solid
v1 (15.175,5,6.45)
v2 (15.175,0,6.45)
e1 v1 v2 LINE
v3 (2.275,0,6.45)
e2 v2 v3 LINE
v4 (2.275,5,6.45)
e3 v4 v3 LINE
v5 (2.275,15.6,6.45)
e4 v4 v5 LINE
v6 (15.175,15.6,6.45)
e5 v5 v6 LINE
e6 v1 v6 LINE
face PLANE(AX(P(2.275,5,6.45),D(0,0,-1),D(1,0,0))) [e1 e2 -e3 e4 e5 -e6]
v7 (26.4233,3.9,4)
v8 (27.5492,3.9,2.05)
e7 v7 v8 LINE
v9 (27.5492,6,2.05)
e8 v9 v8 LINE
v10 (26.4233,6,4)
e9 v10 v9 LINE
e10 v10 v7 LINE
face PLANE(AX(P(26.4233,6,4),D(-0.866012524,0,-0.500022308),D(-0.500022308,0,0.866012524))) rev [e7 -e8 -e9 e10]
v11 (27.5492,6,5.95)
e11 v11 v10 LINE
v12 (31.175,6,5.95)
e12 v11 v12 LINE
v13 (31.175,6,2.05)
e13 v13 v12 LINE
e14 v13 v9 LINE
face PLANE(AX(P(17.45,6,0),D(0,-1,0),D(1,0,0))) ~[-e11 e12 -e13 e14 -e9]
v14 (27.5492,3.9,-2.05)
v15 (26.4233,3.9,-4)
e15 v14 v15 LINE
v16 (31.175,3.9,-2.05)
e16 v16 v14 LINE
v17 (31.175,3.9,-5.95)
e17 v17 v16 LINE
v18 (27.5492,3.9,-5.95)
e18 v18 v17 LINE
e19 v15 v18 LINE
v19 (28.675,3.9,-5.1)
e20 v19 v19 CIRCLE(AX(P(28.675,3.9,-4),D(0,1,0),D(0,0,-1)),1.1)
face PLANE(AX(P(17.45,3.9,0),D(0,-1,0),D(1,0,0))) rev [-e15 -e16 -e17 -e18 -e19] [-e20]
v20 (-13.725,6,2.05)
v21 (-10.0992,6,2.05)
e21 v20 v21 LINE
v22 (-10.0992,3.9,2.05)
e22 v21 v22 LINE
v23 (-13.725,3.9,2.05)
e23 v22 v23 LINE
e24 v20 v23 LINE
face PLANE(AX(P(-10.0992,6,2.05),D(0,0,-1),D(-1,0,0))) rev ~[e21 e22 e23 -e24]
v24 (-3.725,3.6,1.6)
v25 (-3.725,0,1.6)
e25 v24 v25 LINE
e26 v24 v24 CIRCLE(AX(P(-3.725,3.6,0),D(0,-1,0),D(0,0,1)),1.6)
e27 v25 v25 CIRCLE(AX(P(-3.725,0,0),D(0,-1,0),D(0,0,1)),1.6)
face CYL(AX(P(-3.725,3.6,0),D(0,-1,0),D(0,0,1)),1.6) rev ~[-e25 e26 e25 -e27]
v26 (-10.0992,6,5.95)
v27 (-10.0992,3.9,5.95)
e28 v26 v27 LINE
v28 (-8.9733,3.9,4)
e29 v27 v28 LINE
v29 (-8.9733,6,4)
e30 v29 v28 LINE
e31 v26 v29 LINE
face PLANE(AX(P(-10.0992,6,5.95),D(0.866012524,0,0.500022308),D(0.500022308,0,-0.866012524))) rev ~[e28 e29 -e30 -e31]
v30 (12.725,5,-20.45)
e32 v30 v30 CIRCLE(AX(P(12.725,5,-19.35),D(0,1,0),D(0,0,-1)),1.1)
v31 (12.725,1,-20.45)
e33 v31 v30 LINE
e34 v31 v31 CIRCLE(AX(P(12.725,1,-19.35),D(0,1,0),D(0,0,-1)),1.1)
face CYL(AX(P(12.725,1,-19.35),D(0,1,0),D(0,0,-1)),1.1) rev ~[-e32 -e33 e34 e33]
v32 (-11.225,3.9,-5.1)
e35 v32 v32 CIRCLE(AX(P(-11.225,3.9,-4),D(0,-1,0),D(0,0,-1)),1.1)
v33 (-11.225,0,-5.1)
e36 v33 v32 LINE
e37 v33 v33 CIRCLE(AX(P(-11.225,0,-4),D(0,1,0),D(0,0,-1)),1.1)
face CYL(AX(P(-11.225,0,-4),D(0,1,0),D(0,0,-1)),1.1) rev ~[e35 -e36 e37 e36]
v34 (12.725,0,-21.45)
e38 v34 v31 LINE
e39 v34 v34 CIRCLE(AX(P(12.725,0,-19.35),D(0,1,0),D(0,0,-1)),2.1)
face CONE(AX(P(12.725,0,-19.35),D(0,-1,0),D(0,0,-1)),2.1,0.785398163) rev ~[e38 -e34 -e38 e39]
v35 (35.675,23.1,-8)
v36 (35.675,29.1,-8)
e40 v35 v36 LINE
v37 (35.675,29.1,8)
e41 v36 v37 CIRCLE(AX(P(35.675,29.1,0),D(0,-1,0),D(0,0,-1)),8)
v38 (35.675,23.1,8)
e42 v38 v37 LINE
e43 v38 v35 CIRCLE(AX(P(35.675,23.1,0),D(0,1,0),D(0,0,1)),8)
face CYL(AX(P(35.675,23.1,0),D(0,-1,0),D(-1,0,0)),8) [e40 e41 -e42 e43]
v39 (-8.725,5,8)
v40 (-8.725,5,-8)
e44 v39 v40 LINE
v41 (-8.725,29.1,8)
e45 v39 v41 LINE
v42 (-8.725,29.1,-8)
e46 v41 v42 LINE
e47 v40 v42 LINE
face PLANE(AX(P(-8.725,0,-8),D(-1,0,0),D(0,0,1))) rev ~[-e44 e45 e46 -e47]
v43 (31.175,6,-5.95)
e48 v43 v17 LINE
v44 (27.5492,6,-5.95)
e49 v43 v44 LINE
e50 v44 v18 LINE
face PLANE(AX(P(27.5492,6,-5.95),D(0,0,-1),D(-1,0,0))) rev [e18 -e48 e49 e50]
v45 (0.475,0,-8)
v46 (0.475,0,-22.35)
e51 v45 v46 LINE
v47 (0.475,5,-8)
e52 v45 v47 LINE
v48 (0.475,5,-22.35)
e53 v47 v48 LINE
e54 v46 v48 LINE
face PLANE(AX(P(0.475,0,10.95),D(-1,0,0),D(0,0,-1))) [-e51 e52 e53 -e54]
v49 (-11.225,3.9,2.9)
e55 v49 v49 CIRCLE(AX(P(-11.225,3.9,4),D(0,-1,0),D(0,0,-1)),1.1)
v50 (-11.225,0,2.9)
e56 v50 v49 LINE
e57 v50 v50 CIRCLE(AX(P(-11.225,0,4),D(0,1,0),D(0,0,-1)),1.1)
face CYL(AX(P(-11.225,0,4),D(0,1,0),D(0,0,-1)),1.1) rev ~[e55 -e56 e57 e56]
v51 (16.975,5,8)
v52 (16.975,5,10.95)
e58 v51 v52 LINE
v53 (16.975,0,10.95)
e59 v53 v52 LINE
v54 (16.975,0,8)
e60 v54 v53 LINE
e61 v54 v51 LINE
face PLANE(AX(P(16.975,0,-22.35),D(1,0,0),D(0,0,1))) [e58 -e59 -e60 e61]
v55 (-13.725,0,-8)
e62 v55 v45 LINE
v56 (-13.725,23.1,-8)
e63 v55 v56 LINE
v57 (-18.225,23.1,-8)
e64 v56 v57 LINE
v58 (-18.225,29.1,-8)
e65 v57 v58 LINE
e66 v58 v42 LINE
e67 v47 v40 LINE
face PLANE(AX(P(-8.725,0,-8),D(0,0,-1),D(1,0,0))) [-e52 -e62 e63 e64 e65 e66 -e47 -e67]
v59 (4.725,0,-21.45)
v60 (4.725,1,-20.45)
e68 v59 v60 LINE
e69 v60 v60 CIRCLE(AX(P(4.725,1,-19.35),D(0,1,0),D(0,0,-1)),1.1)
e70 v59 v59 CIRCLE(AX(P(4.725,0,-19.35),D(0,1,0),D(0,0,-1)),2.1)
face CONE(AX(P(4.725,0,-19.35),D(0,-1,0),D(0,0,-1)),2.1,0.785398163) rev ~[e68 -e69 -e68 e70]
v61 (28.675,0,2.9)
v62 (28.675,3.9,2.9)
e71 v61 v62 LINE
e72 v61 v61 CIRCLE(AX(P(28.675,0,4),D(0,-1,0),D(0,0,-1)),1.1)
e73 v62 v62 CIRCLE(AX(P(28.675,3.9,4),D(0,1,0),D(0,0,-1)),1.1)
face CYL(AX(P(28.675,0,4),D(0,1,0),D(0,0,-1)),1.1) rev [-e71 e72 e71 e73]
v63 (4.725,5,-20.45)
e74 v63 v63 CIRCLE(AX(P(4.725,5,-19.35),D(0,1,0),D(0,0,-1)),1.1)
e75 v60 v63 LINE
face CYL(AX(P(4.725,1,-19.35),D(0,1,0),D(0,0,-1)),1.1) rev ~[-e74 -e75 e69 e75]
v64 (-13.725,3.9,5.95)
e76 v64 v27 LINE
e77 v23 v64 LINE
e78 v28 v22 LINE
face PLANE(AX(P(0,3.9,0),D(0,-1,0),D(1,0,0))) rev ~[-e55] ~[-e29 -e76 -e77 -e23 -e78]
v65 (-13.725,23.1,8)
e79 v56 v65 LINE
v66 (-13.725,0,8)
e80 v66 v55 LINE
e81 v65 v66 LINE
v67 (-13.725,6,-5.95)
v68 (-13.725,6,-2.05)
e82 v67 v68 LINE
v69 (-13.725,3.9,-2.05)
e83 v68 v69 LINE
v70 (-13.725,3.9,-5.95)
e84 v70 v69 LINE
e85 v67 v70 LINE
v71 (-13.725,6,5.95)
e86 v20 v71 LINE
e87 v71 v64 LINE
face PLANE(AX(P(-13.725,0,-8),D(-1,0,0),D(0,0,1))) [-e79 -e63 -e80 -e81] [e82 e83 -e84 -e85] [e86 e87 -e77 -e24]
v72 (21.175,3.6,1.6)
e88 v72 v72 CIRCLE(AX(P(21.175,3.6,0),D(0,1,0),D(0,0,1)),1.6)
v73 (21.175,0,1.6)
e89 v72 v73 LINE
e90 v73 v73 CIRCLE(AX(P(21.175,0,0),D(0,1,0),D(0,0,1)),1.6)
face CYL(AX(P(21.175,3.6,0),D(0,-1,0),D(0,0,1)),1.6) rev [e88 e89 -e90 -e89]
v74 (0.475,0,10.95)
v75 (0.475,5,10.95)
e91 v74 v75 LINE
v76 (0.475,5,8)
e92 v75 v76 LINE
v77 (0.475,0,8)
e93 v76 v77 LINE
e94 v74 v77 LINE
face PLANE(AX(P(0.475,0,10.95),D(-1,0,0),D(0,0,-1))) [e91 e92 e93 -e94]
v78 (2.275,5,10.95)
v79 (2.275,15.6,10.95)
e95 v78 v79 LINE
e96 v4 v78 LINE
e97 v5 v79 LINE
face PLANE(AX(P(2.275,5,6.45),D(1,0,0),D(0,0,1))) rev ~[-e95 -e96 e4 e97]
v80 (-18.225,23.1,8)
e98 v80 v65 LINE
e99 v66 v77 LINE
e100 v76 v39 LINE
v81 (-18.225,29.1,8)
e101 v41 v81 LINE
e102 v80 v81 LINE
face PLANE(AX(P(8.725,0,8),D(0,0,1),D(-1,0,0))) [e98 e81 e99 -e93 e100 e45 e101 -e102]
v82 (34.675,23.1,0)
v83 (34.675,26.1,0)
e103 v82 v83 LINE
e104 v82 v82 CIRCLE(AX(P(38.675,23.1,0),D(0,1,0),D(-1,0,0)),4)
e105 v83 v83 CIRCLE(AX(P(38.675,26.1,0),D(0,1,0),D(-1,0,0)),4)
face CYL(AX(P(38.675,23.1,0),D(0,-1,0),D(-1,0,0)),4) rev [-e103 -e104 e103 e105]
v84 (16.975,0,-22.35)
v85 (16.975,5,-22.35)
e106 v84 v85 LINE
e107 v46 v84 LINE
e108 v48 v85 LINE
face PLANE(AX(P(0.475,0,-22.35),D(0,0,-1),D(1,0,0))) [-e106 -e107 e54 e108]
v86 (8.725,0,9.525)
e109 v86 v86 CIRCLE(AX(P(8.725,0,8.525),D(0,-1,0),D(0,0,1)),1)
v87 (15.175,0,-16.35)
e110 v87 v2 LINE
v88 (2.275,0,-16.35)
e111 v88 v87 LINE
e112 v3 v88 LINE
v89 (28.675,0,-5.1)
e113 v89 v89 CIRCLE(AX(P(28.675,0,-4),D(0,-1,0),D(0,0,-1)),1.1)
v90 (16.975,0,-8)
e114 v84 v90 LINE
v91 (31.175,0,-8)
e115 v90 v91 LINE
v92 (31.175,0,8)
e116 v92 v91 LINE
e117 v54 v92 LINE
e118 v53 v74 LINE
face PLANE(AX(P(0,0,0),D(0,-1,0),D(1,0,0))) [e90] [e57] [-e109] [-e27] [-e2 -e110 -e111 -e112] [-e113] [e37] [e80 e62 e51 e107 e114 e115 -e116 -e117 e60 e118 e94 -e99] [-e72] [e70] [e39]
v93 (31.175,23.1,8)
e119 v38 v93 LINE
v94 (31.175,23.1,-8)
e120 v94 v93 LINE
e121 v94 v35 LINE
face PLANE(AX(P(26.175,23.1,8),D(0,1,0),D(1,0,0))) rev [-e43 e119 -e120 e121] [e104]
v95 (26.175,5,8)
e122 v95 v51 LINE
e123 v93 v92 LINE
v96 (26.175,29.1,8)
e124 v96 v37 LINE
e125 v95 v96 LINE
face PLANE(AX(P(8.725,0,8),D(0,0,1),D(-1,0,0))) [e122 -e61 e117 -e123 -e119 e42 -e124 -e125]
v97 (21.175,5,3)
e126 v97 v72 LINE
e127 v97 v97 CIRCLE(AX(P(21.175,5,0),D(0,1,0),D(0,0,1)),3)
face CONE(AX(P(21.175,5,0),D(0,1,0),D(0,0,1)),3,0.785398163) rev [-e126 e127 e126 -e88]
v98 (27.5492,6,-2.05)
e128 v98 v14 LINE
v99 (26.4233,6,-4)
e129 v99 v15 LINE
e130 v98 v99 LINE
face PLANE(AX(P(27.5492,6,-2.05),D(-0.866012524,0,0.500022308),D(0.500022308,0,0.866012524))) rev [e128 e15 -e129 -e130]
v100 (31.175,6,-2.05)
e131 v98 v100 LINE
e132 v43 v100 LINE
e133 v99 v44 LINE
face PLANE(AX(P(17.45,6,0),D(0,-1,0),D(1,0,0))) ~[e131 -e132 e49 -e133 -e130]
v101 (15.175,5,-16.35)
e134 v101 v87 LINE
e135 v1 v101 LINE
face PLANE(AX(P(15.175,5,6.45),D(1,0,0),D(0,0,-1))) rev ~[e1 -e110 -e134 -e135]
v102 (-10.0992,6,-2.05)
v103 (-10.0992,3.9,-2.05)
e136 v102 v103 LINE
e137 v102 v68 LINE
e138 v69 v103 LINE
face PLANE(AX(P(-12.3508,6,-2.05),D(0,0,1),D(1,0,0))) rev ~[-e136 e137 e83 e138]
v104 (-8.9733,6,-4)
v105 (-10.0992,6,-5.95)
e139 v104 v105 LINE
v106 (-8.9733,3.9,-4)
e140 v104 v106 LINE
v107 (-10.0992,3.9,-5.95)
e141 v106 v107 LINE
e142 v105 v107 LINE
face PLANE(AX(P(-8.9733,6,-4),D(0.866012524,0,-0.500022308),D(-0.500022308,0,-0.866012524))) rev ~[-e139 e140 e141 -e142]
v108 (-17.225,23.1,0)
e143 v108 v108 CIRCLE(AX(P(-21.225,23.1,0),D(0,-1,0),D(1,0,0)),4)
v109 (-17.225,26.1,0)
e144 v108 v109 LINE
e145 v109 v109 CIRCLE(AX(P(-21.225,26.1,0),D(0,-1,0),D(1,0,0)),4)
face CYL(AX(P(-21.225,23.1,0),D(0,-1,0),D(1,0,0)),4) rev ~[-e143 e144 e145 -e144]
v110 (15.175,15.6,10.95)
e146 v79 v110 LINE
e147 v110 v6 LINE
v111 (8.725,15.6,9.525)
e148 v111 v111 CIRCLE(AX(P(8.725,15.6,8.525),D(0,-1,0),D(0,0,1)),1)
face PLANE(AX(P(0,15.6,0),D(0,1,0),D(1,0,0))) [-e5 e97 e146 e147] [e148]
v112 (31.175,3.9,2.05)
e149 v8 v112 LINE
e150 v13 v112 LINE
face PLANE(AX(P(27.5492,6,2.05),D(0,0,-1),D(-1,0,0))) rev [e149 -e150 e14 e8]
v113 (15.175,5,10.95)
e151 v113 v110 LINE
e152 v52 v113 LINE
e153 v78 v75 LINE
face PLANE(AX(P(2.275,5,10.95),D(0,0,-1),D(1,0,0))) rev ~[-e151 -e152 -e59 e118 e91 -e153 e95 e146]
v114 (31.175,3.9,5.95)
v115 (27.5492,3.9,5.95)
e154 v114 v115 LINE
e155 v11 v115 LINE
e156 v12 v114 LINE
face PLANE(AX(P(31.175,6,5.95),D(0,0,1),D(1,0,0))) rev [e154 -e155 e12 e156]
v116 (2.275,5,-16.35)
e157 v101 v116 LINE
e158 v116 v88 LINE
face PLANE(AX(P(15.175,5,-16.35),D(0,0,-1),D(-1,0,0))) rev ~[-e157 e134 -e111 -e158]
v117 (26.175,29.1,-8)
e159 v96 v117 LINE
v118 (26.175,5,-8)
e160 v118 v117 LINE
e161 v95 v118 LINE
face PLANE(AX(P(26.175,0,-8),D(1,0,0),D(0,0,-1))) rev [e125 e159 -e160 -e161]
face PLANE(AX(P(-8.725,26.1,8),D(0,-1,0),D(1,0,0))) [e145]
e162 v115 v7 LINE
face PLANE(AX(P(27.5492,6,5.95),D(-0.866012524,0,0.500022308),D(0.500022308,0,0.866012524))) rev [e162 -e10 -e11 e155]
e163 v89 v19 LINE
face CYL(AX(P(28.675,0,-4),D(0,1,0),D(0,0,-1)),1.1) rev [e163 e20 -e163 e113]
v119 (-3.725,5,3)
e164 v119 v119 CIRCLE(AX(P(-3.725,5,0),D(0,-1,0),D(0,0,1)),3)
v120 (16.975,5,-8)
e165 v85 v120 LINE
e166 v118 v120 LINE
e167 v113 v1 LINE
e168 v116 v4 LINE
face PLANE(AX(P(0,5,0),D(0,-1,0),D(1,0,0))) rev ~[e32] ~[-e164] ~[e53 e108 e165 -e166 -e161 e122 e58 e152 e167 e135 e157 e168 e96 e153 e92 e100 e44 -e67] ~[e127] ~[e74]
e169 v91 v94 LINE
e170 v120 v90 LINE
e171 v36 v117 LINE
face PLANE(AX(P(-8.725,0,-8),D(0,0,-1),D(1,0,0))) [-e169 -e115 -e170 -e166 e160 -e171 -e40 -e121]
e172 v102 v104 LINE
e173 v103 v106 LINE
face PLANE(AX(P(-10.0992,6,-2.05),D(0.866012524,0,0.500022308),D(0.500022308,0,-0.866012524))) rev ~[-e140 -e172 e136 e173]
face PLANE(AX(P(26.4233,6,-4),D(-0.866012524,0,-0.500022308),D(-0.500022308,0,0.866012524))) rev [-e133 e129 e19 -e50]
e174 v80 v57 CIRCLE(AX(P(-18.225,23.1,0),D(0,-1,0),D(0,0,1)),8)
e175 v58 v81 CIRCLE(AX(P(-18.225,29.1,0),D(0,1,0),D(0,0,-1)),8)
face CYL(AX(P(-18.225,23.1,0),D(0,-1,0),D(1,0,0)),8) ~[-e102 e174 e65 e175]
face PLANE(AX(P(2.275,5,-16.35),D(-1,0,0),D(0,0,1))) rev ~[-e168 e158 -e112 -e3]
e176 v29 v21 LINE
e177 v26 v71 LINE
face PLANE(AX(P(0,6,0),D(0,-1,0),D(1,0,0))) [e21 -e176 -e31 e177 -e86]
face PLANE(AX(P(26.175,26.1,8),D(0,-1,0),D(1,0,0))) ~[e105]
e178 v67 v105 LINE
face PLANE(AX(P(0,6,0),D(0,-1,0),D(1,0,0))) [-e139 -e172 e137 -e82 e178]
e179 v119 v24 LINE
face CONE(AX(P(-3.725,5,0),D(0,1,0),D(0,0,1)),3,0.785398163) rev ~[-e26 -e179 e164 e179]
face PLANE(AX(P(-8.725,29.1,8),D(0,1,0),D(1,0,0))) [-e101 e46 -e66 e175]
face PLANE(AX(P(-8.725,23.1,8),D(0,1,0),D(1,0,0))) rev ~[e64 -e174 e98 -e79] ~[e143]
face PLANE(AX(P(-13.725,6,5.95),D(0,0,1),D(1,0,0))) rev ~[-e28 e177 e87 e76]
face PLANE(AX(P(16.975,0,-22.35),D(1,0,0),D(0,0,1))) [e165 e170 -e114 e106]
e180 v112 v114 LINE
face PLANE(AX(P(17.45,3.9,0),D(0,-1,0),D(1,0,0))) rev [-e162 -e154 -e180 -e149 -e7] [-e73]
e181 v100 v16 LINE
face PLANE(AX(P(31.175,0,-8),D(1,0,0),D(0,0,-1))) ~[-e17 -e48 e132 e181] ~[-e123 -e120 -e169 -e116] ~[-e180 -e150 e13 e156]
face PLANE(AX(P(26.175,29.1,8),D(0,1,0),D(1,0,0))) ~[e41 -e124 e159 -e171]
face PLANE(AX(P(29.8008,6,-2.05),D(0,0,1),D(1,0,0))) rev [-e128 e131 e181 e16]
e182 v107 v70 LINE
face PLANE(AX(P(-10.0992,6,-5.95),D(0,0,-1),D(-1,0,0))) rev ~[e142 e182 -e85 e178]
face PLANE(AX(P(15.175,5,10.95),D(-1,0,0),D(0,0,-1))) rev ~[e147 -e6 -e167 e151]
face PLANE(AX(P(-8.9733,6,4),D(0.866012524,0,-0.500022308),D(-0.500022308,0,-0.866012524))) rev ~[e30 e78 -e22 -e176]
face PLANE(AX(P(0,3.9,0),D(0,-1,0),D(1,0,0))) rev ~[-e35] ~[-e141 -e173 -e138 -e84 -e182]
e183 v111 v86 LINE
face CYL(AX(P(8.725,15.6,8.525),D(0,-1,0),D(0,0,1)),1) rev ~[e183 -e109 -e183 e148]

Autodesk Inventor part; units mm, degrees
ref_plane "YZ Plane" through (0, 0, 0) normal (1, 0, 0) x (0, 1, 0)
ref_plane "XZ Plane" through (0, 0, 0) normal (0, 1, 0) x (-1, 0, 0)
ref_plane "XY Plane" through (0, 0, 0) normal (0, 0, 1) x (1, 0, 0)
sketch "Эскиз1" plane through (0, 0, 0) normal (0, 1, 0) x (-1, 0, 0)
  line L0 (-8.725, 8) -> (8.725, 8)
  line L1 (8.725, 8) -> (8.725, -8)
  line L2 (8.725, -8) -> (-8.725, -8)
  line L3 (-8.725, -8) -> (-8.725, 8)
  line L4 (-8.725, 8) -> (8.725, -8) construction
  line L5 (8.725, 8) -> (-8.725, -8) construction
  point P0 (0, 0)
  dimension "d0" = 17.45
  dimension "d1" = 16
extrude "Выдавливание1" add sketch "Эскиз1" along normal blind 5
sketch "Эскиз2" plane through (-8.725, 0, -8) normal (-1, 0, 0) x (0, 0, 1)
  line L0 (0, 23.1) -> (16, 23.1)
  line L1 (16, 23.1) -> (16, 0)
  line L2 (16, 0) -> (0, 0)
  line L3 (0, 0) -> (0, 23.1)
  line L4 (16, 0) -> (16, 5) projected
  line L5 (0, 0) -> (0, 5) projected
  line L6 (0, 0) -> (16, 0) projected
  line L7 (0, 5) -> (16, 5) projected
  point P0 (8, 0)
  dimension "d5" = 18.1
extrude "Выдавливание2" add sketch "Эскиз2" along normal blind 5
sketch "Эскиз3" plane through (-8.725, 23.1, 8) normal (0, 1, 0) x (1, 0, 0)
  line L0 (0, 16) -> (-17.5, 16)
  line L1 (-17.5, 16) -> (-17.5, 0)
  line L2 (-17.5, 0) -> (0, 0)
  line L3 (0, 0) -> (0, 16)
  line L4 (0, 0) -> (-5, 0) projected
  circle A0 centre (-9.5, 8) radius 8
  line L5 (-5, 0) -> (-5, 16) projected
  point P0 (-9.5, 16)
  point P1 (-9.5, 0)
  point P2 (-5, 8)
  dimension "d49" = 4.5
extrude "Выдавливание3" add sketch "Эскиз3" along normal blind 6 contours L3 L2 L5 A0 L0 | L5 A0 L0 | A0 L5 | A0 L5 | L2 A0 L5
sketch "Эскиз7" plane through (0, 0, 0) normal (0, -1, 0) x (1, 0, 0)
  line L0 (-8.725, -8) -> (-8.725, 8) construction
  line L1 (-8.725, 8) -> (-8.725, -8) construction
  line L2 (-13.725, 8) -> (-13.725, -8) construction
  line L3 (-8.725, -8) -> (-13.725, -8) construction
  line L4 (-13.725, -8) -> (-13.725, 8) construction
  line L5 (-13.725, 8) -> (-8.725, 8) construction
  line L6 (-8.725, 8) -> (-8.725, -8) construction
  line L7 (-13.725, -8) -> (-13.725, 8) projected
  line L8 (-13.725, 0) -> (-8.725, 0) construction
  line L9 (-11.225, -4) -> (-11.225, 4)
  point P0 (0, 0)
  point P1 (-11.225, 0)
  dimension "d34" = 8
hole "Отверстие3" at (-11.225, 0, -4) at (-11.225, 0, 4) direction (0, 1, 0) diameter 2.2 depth 6
sketch "Эскиз8" plane through (0, 0, 0) normal (0, -1, 0) x (1, 0, 0)
  circle A0 centre (-11.225, -4) radius 1.1 projected
  line L0 (-13.4767, -4) -> (-12.3508, -2.05) construction
  line L1 (-12.3508, -2.05) -> (-10.0992, -2.05)
  line L2 (-10.0992, -2.05) -> (-8.9733, -4)
  line L3 (-8.9733, -4) -> (-10.0992, -5.95)
  line L4 (-10.0992, -5.95) -> (-12.3508, -5.95)
  line L5 (-12.3508, -5.95) -> (-13.4767, -4) construction
  circle A1 centre (-11.225, 4) radius 1.1 projected
  line L6 (-13.4767, 4) -> (-12.3508, 5.95) construction
  line L7 (-12.3508, 5.95) -> (-10.0992, 5.95)
  line L8 (-10.0992, 5.95) -> (-8.9733, 4)
  line L9 (-8.9733, 4) -> (-10.0992, 2.05)
  line L10 (-10.0992, 2.05) -> (-12.3508, 2.05)
  line L11 (-12.3508, 2.05) -> (-13.4767, 4) construction
  line L12 (-13.725, -8) -> (-13.725, 8) projected
  line L13 (-12.3508, -5.95) -> (-13.725, -5.95)
  line L14 (-13.725, -5.95) -> (-13.725, -2.05)
  line L15 (-13.725, -2.05) -> (-12.3508, -2.05)
  line L16 (-12.3508, -2.05) -> (-12.3508, -5.95) construction
  line L17 (-12.3508, 2.05) -> (-13.725, 2.05)
  line L18 (-13.725, 2.05) -> (-13.725, 5.95)
  line L19 (-13.725, 5.95) -> (-12.3508, 5.95)
  line L20 (-12.3508, 5.95) -> (-12.3508, 2.05) construction
  point P0 (0, 0)
  dimension "d42" = 3.9
extrude "Выдавливание5" cut sketch "Эскиз8" along normal blind 2.1 from surface at -6
sketch "Эскиз4" plane through (-8.725, 23.1, 8) normal (0, -1, 0) x (1, 0, 0)
  arc A0 (-9.5, 0) -> (-9.5, -16) centre (-9.5, -8) ccw projected
  circle A1 centre (-12.5, -8) radius 4
  arc A2 (-9.5, 0) -> (-9.5, -16) centre (-9.5, -8) ccw projected
  line L0 (-17.5, -8) -> (-16.5, -8) construction
  line L1 (-16.5, -8) -> (-9.5, -8) construction
  point P0 (8.725, -8)
  dimension "d45" = 8
  dimension "d46" = 1
extrude "Выдавливание6" cut sketch "Эскиз4" against normal blind 3
sketch "Эскиз5" plane through (0, 5, 0) normal (0, 1, 0) x (1, 0, 0)
  line L0 (-8.725, 8) -> (-8.725, -8) projected
  line L1 (-8.725, 0) -> (-3.725, 0) construction
  point P0 (0, 0)
  dimension "d22" = 5
hole "Отверстие2" at (-3.725, 5, 0) direction (0, -1, 0) diameter 3.2 end through all countersink diameter 6 countersink angle 90
mirror "Зеркальное отражение1" about plane through (8.725, 0, 8) normal (1, 0, 0)
sketch "Эскиз9" plane through (0, 0, 0) normal (0, -1, 0) x (1, 0, 0)
  line L0 (-8.725, 8) -> (26.175, 8) construction
  line L1 (8.725, 8) -> (8.725, -8) construction
  line L2 (-8.725, -8) -> (26.175, -8) construction
  line L3 (2.475, -16.35) -> (14.975, -16.35) construction
  line L4 (14.975, -16.35) -> (14.975, 6.45) construction
  line L5 (14.975, 6.45) -> (2.475, 6.45) construction
  line L6 (2.475, 6.45) -> (2.475, -16.35) construction
  line L7 (2.475, -16.35) -> (14.975, 6.45) construction
  line L8 (14.975, -16.35) -> (2.475, 6.45) construction
  line L9 (16.975, 10.95) -> (0.475, 10.95)
  line L10 (0.475, 10.95) -> (0.475, -22.35)
  line L11 (0.475, -22.35) -> (16.975, -22.35)
  line L12 (16.975, -22.35) -> (16.975, 10.95)
  point P0 (0, 0)
  point P1 (8.725, -4.95)
  point P2 (8.725, 0)
  dimension "d50" = 12.5
  dimension "d51" = 22.8
  dimension "d59" = 4.95
  dimension "d68" = 6
  dimension "d69" = 4.5
  dimension "d70" = 2
  dimension "d71" = 2
extrude "Выдавливание7" add sketch "Эскиз9" against normal up to surface (5 mm away)
sketch "Эскиз10" plane through (0, 5, 0) normal (0, 1, 0) x (1, 0, 0)
  line L0 (2.275, -6.45) -> (15.175, -6.45)
  line L1 (15.175, -6.45) -> (15.175, 16.35)
  line L2 (15.175, 16.35) -> (2.275, 16.35)
  line L3 (2.275, 16.35) -> (2.275, -6.45)
  line L4 (2.275, -6.45) -> (15.175, 16.35) construction
  line L5 (15.175, -6.45) -> (2.275, 16.35) construction
  line L6 (-8.725, 8) -> (0.475, 8) projected
  line L7 (16.975, -8) -> (0.475, 8) construction
  line L8 (16.975, 8) -> (26.175, 8) projected
  line L9 (-8.725, -8) -> (0.475, -8) projected
  line L10 (16.975, 8) -> (0.475, -8) construction
  line L11 (16.975, -8) -> (26.175, -8) projected
  line L12 (8.725, 0) -> (8.725, 4.95)
  point P0 (0, 0)
  dimension "d54" = 12.9
  dimension "d55" = 22.8
  dimension "d72" = 4.95
extrude "Выдавливание8" cut sketch "Эскиз10" against normal through all
sketch "Эскиз11" plane through (0, 0, 0) normal (0, -1, 0) x (1, 0, 0)
  line L0 (8.725, -22.35) -> (8.725, -16.35) construction
  line L1 (12.725, -19.35) -> (4.725, -19.35)
  line L2 (15.175, -16.35) -> (2.275, -16.35) projected
  line L3 (0.475, -22.35) -> (16.975, -22.35) projected
  point P0 (0, 0)
  point P1 (8.725, -19.35)
  dimension "d60" = 8
hole "Отверстие4" at (12.725, 0, -19.35) at (4.725, 0, -19.35) direction (0, 1, 0) diameter 2.2 end through all countersink diameter 4.2 countersink angle 90
sketch "Эскиз12" plane through (0, 5, 0) normal (0, 1, 0) x (1, 0, 0)
  line L0 (2.275, -6.45) -> (15.175, -6.45) projected
  line L1 (15.175, -6.45) -> (2.275, -6.45)
  line L2 (2.275, -6.45) -> (2.275, -10.95)
  line L3 (2.275, -10.95) -> (15.175, -10.95)
  line L4 (15.175, -10.95) -> (15.175, -6.45)
  line L5 (16.975, -10.95) -> (0.475, -10.95) projected
  point P0 (0, 0)
extrude "Выдавливание9" add sketch "Эскиз12" along normal blind 10.6
sketch "Эскиз13" plane through (0, 15.6, 0) normal (0, 1, 0) x (1, 0, 0)
  line L0 (8.725, -8.525) -> (8.725, -6.45) construction
  line L1 (2.275, -6.45) -> (15.175, -6.45) projected
  point P0 (0, 0)
  dimension "d82" = 2.075
hole "Отверстие5" at (8.725, 15.6, 8.525) direction (0, -1, 0) diameter 2 depth 6000 tip angle 118
properties part number "Basis of steering"
